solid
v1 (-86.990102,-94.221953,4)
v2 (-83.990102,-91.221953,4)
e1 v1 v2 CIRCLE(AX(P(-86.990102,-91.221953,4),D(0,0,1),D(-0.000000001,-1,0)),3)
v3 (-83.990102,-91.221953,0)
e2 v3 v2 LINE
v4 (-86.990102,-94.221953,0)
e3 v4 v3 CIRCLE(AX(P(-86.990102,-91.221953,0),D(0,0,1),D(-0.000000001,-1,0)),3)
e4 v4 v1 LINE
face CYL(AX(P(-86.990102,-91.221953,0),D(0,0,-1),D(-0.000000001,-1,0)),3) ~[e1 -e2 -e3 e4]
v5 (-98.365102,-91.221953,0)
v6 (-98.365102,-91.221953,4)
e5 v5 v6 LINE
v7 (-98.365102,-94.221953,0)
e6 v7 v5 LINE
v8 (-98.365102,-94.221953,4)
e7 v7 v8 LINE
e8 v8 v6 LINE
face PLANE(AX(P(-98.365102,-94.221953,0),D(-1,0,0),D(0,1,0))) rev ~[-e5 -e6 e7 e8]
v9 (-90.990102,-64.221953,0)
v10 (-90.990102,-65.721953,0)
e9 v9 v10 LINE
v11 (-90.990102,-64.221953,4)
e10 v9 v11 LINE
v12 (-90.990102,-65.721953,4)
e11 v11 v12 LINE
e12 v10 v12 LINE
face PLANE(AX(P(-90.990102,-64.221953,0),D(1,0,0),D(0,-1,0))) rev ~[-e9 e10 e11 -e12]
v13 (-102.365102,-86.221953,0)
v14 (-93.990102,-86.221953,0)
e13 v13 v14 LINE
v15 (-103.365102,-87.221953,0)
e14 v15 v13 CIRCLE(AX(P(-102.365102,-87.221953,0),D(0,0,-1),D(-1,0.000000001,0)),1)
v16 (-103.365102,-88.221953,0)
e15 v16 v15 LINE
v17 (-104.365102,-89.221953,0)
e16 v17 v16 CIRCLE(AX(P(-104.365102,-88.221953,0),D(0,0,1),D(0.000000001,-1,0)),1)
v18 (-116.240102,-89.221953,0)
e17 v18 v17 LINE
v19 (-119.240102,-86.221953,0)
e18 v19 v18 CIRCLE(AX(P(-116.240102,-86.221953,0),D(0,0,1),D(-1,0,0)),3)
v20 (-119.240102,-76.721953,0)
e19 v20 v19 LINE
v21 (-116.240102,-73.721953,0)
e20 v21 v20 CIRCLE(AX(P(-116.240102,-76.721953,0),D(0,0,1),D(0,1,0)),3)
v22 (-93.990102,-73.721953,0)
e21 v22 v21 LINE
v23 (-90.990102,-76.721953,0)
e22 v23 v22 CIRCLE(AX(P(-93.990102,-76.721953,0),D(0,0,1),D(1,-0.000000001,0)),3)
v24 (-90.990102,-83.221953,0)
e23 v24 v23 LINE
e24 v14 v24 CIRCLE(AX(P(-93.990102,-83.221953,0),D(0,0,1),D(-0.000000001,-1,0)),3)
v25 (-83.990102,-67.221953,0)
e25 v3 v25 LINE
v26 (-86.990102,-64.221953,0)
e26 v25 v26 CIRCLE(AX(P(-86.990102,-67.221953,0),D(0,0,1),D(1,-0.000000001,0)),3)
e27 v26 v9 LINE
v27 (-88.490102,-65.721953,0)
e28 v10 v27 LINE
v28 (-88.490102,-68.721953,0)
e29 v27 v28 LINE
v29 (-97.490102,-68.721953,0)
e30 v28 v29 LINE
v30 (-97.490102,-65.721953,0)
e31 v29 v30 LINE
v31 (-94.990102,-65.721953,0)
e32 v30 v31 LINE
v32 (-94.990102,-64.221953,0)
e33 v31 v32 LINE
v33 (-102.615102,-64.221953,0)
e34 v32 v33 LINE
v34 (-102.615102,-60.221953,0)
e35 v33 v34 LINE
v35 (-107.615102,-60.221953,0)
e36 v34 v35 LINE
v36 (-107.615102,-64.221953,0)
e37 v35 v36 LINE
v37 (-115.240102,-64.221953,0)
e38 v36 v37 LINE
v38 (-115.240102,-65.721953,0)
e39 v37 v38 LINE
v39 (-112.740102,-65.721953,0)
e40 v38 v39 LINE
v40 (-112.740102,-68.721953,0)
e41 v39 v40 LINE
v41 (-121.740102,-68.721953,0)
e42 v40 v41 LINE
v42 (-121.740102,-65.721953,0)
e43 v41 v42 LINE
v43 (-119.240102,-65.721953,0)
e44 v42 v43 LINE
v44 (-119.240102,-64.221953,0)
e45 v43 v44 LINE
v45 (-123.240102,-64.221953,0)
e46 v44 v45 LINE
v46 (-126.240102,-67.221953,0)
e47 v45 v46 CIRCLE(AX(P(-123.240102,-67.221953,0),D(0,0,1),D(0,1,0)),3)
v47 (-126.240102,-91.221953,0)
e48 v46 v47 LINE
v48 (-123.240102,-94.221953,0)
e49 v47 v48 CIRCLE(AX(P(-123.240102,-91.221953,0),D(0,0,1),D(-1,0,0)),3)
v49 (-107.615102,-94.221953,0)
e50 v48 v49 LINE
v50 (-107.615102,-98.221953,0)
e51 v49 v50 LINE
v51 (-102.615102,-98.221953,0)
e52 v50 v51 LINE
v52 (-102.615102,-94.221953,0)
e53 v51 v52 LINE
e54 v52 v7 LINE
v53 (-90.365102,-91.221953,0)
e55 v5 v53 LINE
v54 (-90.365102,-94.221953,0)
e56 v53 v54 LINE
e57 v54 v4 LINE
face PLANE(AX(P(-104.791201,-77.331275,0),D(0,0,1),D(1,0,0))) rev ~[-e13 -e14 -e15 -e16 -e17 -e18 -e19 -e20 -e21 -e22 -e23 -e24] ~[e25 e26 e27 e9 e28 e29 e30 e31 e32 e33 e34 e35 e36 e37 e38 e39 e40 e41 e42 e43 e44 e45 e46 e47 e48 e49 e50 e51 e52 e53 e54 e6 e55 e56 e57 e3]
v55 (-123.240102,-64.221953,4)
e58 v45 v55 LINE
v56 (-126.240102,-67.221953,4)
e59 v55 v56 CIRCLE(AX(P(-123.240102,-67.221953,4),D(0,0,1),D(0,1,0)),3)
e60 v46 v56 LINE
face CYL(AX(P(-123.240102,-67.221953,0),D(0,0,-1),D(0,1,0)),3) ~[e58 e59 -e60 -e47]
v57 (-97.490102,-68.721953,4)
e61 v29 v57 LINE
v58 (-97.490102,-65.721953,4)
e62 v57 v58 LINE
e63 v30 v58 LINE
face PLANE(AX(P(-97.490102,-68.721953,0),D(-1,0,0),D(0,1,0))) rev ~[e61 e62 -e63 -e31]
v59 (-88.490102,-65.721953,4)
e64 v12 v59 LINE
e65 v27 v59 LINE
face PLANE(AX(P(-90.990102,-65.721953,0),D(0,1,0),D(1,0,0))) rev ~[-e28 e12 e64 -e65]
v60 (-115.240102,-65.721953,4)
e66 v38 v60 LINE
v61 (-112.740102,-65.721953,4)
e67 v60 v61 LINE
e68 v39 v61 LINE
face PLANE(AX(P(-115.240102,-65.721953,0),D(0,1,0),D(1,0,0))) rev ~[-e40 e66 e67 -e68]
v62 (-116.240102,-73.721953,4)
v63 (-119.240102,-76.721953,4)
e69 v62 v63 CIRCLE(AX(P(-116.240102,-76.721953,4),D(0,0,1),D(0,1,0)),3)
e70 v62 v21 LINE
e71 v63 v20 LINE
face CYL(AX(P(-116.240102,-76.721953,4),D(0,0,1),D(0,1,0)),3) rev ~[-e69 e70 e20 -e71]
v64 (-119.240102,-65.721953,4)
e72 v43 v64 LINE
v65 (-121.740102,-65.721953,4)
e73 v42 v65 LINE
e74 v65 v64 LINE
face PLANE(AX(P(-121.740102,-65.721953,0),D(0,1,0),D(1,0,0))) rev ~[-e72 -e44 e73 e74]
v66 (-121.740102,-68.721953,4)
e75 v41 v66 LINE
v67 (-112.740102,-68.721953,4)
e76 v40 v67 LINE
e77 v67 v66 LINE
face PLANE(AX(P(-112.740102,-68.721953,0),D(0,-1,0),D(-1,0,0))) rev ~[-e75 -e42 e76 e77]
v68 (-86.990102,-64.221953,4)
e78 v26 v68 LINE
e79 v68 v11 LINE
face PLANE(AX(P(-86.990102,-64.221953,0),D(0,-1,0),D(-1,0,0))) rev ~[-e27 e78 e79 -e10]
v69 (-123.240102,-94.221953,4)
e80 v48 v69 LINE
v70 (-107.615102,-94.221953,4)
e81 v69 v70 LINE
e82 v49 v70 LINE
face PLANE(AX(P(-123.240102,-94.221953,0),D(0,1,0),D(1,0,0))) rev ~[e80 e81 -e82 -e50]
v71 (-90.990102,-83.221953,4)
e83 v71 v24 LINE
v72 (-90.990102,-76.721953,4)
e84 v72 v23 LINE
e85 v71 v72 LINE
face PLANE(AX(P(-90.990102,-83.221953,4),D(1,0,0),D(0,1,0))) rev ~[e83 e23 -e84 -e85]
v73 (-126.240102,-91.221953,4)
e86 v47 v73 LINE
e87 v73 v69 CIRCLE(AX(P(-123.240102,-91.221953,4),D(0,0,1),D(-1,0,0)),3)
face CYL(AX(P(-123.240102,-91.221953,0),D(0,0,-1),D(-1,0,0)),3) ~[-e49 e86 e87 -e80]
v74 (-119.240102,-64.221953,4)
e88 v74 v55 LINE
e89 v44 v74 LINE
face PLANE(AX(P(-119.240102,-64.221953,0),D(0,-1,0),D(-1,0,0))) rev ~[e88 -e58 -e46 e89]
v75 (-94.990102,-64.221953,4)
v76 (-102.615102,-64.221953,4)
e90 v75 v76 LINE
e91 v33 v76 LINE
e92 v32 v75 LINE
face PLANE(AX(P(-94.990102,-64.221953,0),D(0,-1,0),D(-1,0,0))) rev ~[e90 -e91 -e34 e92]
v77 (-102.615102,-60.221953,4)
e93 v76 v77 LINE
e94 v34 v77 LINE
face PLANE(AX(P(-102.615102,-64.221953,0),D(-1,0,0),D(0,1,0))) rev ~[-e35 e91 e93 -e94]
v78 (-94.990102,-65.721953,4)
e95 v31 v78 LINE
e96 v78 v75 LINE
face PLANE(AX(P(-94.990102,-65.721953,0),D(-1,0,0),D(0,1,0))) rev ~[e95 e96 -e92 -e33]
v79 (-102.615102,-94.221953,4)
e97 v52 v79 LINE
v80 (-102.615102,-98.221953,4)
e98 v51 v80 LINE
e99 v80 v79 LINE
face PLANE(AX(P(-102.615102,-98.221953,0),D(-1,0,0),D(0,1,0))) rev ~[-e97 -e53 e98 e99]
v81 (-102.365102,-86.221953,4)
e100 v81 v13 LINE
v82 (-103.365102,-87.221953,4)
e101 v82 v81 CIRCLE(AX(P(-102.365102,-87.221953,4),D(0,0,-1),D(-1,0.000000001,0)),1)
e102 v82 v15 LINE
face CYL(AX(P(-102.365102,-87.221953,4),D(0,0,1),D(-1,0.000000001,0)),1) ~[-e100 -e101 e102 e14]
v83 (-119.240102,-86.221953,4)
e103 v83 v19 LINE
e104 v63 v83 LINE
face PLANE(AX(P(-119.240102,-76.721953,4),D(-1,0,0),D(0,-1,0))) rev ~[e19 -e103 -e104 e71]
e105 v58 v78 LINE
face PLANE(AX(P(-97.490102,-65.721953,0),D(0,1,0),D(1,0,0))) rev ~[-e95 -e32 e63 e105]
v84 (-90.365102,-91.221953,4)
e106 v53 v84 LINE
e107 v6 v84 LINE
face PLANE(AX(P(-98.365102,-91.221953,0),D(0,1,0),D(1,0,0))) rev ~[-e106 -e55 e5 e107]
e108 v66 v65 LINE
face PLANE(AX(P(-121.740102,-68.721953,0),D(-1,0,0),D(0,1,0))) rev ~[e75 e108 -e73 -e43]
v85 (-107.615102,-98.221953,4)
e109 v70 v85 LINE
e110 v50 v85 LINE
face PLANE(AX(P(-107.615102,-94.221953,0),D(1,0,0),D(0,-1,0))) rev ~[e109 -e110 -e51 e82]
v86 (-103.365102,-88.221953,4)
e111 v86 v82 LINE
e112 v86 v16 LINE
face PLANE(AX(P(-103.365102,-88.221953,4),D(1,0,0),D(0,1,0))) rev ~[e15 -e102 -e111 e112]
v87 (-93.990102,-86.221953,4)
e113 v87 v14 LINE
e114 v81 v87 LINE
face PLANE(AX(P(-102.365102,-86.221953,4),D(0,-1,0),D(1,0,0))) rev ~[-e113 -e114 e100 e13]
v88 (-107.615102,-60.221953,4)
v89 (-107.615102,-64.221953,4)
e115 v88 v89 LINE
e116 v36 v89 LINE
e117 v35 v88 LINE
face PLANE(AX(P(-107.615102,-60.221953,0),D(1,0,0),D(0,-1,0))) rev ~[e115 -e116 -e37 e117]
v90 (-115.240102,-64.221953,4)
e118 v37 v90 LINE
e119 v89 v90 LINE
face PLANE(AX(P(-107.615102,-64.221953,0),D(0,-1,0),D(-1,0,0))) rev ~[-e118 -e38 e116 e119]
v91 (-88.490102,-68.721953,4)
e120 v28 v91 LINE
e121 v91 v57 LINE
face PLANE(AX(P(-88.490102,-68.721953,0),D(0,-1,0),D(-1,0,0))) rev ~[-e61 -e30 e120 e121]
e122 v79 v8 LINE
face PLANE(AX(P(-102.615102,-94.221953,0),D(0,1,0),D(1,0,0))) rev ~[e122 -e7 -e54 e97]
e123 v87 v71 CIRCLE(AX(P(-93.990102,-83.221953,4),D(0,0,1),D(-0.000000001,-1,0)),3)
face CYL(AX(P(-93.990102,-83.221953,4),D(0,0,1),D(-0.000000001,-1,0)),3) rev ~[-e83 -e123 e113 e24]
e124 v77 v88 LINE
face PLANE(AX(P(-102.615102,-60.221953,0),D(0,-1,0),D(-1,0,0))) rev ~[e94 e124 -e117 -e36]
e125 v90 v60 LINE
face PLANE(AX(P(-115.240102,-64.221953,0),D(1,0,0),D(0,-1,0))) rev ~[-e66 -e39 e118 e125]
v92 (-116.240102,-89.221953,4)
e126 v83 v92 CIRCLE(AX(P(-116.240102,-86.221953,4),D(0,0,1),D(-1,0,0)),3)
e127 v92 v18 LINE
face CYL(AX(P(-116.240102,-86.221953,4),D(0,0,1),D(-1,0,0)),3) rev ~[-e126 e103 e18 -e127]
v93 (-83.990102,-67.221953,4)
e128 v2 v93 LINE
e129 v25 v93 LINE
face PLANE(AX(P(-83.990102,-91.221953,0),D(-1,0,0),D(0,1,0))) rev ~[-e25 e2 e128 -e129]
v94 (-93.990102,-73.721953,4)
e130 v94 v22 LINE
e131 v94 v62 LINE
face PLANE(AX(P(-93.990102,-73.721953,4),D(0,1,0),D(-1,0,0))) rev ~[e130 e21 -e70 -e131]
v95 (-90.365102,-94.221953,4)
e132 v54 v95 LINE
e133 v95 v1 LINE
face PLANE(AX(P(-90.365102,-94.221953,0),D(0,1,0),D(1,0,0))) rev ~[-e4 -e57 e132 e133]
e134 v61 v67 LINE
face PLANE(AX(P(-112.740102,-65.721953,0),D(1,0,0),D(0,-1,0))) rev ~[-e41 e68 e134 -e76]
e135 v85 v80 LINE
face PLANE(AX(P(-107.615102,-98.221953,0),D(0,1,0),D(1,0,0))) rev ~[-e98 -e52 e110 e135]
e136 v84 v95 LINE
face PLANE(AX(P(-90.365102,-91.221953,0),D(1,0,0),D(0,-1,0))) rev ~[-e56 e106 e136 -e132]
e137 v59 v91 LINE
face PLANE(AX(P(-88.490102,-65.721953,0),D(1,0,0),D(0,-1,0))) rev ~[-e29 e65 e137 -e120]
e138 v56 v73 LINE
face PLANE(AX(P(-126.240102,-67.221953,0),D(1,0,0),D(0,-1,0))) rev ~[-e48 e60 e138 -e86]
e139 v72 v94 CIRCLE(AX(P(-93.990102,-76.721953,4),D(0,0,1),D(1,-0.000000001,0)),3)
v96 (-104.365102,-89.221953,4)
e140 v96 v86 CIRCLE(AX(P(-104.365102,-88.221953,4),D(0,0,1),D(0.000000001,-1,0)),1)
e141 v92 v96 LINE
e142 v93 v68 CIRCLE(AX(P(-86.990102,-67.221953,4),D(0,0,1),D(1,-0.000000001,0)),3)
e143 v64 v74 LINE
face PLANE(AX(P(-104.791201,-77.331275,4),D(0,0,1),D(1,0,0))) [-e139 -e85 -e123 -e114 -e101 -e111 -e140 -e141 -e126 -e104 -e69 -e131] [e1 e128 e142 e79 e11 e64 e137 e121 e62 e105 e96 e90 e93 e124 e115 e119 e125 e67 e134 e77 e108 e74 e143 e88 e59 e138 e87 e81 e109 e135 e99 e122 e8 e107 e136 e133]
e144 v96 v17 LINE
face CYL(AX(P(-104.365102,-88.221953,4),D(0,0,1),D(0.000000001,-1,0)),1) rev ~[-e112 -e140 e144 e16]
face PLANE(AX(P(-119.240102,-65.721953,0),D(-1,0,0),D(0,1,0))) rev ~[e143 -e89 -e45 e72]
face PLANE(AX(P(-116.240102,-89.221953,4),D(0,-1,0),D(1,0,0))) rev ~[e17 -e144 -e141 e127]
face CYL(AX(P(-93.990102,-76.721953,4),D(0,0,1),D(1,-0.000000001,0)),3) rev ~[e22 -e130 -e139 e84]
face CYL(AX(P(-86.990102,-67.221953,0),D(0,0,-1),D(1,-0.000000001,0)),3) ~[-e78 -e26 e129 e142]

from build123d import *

# Parameters (mm, degrees)
SALIENTE_EXTRUIR1_DEPTH = 4
CORTAR_EXTRUIR1_DEPTH   = 4


with BuildPart() as part:
    # Croquis1 → Saliente-Extruir1 (new body)
    with BuildSketch(Plane.XY):
        with BuildLine():
            Line((-102.615102368, -94.221952824), (-98.365102368, -94.221952824))
            Line((-98.365102368, -94.221952824), (-98.365102368, -91.221952824))
            Line((-98.365102368, -91.221952824), (-90.365102368, -91.221952824))
            Line((-90.365102368, -91.221952824), (-90.365102368, -94.221952824))
            Line((-90.365102368, -94.221952824), (-86.990102368, -94.221952824))
            ThreePointArc((-86.990102368, -94.221952824), (-84.868782024, -93.343273168), (-83.990102368, -91.221952824))
            Line((-83.990102368, -91.221952824), (-83.990102368, -67.221952824))
            ThreePointArc((-83.990102368, -67.221952824), (-84.868782024, -65.10063248), (-86.990102368, -64.221952824))
            Line((-86.990102368, -64.221952824), (-90.990102368, -64.221952824))
            Line((-90.990102368, -64.221952824), (-90.990102368, -65.721952824))
            Line((-90.990102368, -65.721952824), (-88.490102368, -65.721952824))
            Line((-88.490102368, -65.721952824), (-88.490102368, -68.721952824))
            Line((-88.490102368, -68.721952824), (-97.490102368, -68.721952824))
            Line((-97.490102368, -68.721952824), (-97.490102368, -65.721952824))
            Line((-97.490102368, -65.721952824), (-94.990102368, -65.721952824))
            Line((-94.990102368, -65.721952824), (-94.990102368, -64.221952824))
            Line((-94.990102368, -64.221952824), (-102.615102368, -64.221952824))
            Line((-102.615102368, -64.221952824), (-102.615102368, -60.221952824))
            Line((-102.615102368, -60.221952824), (-105.115102368, -60.221952824))
            Line((-105.115102368, -60.221952824), (-107.615102368, -60.221952824))
            Line((-107.615102368, -60.221952824), (-107.615102368, -64.221952824))
            Line((-107.615102368, -64.221952824), (-115.240102368, -64.221952824))
            Line((-115.240102368, -64.221952824), (-115.240102368, -65.721952824))
            Line((-115.240102368, -65.721952824), (-112.740102368, -65.721952824))
            Line((-112.740102368, -65.721952824), (-112.740102368, -68.721952824))
            Line((-112.740102368, -68.721952824), (-121.740102368, -68.721952824))
            Line((-121.740102368, -68.721952824), (-121.740102368, -65.721952824))
            Line((-121.740102368, -65.721952824), (-119.240102368, -65.721952824))
            Line((-119.240102368, -65.721952824), (-119.240102368, -64.221952824))
            Line((-119.240102368, -64.221952824), (-123.240102368, -64.221952824))
            ThreePointArc((-123.240102368, -64.221952824), (-125.361422711, -65.10063248), (-126.240102368, -67.221952824))
            Line((-126.240102368, -67.221952824), (-126.240102368, -91.221952824))
            ThreePointArc((-126.240102368, -91.221952824), (-125.361422711, -93.343273168), (-123.240102368, -94.221952824))
            Line((-123.240102368, -94.221952824), (-107.615102368, -94.221952824))
            Line((-107.615102368, -94.221952824), (-107.615102368, -98.221952824))
            Line((-107.615102368, -98.221952824), (-105.115102368, -98.221952824))
            Line((-105.115102368, -98.221952824), (-102.615102368, -98.221952824))
            Line((-102.615102368, -98.221952824), (-102.615102368, -94.221952824))
        make_face()
    extrude(amount=SALIENTE_EXTRUIR1_DEPTH)

    # Croquis2 → Cortar-Extruir1 (cut)
    with BuildSketch(Plane.XY.offset(4)):
        with BuildLine():
            Line((-102.365102368, -86.221952824), (-93.990102368, -86.221952824))
            ThreePointArc((-93.990102368, -86.221952824), (-91.868782024, -85.343273168), (-90.990102368, -83.221952824))
            Line((-90.990102368, -83.221952824), (-90.990102368, -76.721952824))
            ThreePointArc((-90.990102368, -76.721952824), (-91.868782024, -74.60063248), (-93.990102368, -73.721952824))
            Line((-93.990102368, -73.721952824), (-116.240102368, -73.721952824))
            ThreePointArc((-116.240102368, -73.721952824), (-118.361422711, -74.60063248), (-119.240102368, -76.721952824))
            Line((-119.240102368, -76.721952824), (-119.240102368, -86.221952824))
            ThreePointArc((-119.240102368, -86.221952824), (-118.361422711, -88.343273168), (-116.240102368, -89.221952824))
            Line((-116.240102368, -89.221952824), (-104.365102368, -89.221952824))
            ThreePointArc((-104.365102368, -89.221952824), (-103.657995587, -88.929059605), (-103.365102368, -88.221952824))
            Line((-103.365102368, -88.221952824), (-103.365102368, -87.221952824))
            ThreePointArc((-103.365102368, -87.221952824), (-103.072209149, -86.514846043), (-102.365102368, -86.221952824))
        make_face()
    extrude(amount=-CORTAR_EXTRUIR1_DEPTH, mode=Mode.SUBTRACT)


solid = part.part
